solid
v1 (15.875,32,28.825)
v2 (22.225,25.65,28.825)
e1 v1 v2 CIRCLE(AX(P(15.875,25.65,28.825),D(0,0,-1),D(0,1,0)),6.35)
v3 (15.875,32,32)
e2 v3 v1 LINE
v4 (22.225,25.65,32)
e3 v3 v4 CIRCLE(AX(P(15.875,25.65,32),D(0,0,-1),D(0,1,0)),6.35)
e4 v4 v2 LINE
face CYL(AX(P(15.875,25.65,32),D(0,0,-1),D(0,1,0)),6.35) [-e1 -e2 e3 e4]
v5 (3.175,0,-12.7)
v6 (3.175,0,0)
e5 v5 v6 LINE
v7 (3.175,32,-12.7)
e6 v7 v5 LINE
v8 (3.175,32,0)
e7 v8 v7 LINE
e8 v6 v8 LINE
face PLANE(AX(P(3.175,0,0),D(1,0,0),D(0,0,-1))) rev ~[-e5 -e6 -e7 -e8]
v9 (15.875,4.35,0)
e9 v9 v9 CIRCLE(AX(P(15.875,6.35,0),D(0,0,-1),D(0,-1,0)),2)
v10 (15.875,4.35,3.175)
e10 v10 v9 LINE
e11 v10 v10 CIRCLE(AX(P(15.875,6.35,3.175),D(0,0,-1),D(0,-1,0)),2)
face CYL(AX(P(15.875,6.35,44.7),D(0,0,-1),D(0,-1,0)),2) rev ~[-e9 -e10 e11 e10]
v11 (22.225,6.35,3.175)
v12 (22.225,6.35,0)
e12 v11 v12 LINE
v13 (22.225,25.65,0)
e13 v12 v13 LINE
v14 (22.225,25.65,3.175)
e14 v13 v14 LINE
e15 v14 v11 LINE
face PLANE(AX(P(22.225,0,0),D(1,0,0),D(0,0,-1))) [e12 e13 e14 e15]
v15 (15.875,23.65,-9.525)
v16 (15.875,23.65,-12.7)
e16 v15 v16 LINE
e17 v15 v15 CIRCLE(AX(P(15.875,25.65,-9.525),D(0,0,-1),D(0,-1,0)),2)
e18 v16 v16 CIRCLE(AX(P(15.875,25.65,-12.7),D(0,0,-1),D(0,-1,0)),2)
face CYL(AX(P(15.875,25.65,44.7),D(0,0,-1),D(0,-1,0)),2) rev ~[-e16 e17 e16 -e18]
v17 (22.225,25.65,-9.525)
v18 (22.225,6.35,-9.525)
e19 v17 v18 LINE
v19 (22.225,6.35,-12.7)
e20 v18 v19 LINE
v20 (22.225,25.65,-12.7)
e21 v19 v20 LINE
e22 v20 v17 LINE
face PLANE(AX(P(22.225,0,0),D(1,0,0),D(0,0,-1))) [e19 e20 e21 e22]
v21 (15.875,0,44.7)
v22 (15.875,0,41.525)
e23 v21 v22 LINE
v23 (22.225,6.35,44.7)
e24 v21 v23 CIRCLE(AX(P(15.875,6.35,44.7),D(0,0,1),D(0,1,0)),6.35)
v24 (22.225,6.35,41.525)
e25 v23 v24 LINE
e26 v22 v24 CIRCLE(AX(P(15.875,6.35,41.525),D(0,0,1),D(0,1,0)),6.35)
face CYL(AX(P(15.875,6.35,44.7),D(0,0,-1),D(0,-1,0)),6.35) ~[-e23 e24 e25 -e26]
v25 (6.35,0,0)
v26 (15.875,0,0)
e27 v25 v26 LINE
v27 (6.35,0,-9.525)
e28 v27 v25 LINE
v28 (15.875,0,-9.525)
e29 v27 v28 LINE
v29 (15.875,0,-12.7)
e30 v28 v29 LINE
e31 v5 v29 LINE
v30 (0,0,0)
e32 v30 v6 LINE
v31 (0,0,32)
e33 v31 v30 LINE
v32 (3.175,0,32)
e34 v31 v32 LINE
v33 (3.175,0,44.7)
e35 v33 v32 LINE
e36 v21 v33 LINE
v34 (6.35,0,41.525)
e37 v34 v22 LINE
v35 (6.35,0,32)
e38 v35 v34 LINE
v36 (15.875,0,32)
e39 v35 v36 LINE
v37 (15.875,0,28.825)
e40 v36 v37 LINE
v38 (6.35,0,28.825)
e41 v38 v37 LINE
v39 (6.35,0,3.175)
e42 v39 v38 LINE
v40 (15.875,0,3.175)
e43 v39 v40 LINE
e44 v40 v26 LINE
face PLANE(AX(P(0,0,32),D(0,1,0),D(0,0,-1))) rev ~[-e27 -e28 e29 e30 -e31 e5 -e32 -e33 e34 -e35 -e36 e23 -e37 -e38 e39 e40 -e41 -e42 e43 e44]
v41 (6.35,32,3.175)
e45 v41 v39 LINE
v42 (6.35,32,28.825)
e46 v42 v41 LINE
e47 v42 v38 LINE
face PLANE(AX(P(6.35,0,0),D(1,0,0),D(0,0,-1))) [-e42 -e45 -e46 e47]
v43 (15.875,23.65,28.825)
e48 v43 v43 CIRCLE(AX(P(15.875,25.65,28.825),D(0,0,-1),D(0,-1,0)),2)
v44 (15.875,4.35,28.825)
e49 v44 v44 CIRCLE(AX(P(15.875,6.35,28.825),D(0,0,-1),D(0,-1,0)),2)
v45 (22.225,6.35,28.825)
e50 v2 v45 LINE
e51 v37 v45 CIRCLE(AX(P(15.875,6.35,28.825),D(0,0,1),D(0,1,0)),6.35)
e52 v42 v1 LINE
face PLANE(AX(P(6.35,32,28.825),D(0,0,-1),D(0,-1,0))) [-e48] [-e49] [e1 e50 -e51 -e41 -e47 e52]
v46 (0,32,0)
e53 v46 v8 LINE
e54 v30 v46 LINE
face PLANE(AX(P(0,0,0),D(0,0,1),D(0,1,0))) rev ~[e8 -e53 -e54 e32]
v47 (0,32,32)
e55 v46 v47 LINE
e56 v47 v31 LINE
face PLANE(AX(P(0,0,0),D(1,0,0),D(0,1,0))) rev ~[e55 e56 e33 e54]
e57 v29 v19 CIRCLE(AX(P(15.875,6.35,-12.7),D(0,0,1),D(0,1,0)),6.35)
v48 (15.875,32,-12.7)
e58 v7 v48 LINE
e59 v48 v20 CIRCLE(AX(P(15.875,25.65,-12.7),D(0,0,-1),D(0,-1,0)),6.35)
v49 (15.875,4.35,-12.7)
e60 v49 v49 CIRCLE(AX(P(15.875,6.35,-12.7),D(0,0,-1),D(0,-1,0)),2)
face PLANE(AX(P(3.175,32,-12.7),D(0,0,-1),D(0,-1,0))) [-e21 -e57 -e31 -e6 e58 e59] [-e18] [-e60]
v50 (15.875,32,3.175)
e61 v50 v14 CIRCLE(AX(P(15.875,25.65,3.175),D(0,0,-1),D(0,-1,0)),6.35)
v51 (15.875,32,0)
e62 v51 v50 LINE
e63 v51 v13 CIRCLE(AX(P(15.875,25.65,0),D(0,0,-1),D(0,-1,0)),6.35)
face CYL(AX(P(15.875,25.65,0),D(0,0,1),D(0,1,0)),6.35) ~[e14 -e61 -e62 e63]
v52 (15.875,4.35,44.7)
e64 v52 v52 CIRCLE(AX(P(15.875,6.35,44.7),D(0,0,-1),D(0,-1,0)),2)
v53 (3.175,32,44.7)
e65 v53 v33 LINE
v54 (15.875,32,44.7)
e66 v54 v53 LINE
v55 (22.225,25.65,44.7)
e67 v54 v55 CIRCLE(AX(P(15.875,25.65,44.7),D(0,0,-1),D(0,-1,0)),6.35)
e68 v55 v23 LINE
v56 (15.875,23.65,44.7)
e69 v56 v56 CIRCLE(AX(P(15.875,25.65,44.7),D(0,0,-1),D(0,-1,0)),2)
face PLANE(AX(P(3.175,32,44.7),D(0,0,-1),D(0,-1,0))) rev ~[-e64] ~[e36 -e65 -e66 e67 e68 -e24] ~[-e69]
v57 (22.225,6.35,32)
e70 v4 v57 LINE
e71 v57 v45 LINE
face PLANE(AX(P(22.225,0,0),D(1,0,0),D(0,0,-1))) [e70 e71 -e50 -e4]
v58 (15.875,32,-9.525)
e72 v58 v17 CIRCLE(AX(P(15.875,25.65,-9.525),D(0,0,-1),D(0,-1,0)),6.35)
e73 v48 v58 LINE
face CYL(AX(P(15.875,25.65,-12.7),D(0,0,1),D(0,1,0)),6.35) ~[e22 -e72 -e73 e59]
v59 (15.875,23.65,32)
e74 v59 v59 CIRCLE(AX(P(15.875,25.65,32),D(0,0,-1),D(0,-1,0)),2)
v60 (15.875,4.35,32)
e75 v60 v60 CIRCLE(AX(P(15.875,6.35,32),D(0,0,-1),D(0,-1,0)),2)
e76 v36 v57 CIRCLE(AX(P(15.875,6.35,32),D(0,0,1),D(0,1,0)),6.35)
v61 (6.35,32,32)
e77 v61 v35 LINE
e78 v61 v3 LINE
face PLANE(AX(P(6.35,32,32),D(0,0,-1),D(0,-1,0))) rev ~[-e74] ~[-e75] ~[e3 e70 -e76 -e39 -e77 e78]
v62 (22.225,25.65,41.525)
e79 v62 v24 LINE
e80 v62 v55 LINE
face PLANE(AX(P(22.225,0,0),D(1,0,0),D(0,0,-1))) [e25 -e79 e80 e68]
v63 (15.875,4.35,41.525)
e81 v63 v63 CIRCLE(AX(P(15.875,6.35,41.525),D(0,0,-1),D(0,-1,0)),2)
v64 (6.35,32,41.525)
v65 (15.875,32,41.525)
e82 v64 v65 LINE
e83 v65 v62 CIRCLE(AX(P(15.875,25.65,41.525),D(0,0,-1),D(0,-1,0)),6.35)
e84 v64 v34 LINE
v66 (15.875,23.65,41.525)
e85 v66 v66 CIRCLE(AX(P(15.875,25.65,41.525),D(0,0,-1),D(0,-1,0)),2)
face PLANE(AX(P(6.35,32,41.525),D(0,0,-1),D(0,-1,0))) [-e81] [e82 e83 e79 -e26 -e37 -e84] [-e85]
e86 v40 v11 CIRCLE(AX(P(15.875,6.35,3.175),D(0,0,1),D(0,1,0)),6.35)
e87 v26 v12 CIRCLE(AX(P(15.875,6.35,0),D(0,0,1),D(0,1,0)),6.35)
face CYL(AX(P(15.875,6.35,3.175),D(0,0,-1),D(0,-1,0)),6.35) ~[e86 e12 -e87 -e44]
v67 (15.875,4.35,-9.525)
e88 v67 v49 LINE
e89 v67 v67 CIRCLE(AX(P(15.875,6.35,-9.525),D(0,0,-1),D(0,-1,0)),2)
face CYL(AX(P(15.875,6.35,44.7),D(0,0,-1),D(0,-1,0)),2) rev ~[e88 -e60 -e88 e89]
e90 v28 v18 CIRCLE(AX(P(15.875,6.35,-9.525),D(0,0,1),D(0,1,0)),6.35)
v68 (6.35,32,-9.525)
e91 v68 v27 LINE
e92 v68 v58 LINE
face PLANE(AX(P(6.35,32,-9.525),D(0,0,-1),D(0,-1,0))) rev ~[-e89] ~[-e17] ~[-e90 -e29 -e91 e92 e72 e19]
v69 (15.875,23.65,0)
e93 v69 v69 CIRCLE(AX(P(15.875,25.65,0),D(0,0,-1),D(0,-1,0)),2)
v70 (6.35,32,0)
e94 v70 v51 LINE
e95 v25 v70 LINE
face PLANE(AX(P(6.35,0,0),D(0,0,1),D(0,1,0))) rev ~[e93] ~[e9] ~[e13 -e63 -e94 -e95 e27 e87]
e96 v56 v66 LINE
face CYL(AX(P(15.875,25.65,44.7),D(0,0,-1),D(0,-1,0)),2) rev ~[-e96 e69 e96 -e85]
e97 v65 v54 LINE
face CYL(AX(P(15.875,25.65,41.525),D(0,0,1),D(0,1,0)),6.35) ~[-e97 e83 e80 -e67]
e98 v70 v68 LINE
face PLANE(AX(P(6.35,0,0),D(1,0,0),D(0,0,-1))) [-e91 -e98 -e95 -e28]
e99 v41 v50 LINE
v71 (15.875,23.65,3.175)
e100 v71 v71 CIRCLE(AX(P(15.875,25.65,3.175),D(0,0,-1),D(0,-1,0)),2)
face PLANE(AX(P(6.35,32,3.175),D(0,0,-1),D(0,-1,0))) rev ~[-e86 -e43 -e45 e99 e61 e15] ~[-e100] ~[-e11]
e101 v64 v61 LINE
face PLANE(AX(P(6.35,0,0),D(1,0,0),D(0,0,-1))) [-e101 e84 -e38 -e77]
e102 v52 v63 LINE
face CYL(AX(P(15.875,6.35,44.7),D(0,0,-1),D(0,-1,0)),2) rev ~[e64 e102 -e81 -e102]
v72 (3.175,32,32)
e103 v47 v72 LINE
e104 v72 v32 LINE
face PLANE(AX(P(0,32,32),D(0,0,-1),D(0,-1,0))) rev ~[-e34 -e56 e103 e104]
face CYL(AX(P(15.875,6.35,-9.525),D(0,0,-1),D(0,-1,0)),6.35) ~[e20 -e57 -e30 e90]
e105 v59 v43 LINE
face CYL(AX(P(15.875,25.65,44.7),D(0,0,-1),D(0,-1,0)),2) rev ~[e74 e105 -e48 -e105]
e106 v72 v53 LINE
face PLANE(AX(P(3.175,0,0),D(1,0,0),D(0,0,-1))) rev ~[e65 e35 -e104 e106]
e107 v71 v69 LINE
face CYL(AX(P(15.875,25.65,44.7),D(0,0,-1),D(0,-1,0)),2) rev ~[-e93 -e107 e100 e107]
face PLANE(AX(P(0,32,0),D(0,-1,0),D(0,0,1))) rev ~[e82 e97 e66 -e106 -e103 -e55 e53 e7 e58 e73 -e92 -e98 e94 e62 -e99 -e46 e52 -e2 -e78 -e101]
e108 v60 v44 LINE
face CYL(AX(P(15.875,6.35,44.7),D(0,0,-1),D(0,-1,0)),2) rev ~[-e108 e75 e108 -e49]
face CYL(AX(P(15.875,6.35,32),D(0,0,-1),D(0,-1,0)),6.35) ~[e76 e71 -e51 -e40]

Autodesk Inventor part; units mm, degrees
ref_plane "YZ Plane" through (0, 0, 0) normal (1, 0, 0) x (0, 1, 0)
ref_plane "XZ Plane" through (0, 0, 0) normal (0, 1, 0) x (-1, 0, 0)
ref_plane "XY Plane" through (0, 0, 0) normal (0, 0, 1) x (1, 0, 0)
sketch "Sketch1" plane through (0, 0, 0) normal (1, 0, 0) x (0, 1, 0)
  line L0 (0, 0) -> (32, 0)
  line L1 (32, 0) -> (32, 32)
  line L2 (32, 32) -> (0, 32)
  line L3 (0, 32) -> (0, 0)
  dimension "d0" = 32
  dimension "d1" = 32
extrude "Extrusion1" add sketch "Sketch1" along normal blind 3.175
sketch "Sketch2" plane through (3.175, 0, 0) normal (1, 0, 0) x (0, 0, -1)
  line L0 (0, 32) -> (-32, 32) projected
  line L1 (-32, 0) -> (0, 0) projected
  line L2 (-32, 32) -> (-44.7, 32)
  line L3 (-44.7, 32) -> (-44.7, 0)
  line L4 (-44.7, 0) -> (-32, 0)
  line L5 (0, 32) -> (12.7, 32)
  line L6 (12.7, 32) -> (12.7, 0)
  line L7 (12.7, 0) -> (0, 0)
  dimension "d4" = 12.7
  dimension "d5" = 90
  dimension "d6" = 12.7
extrude "Extrusion2" add sketch "Sketch2" along normal blind 3.175
sketch "Sketch3" plane through (6.35, 0, 0) normal (1, 0, 0) x (0, 0, -1)
  line L0 (-32, 32) -> (-32, 0) projected
  line L1 (0, 0) -> (0, 32) projected
  line L2 (12.7, 0) -> (12.7, 32) projected
  line L3 (-44.7, 32) -> (-44.7, 0) projected
  line L4 (-32, 32) -> (-44.7, 32) projected
  line L5 (-44.7, 0) -> (-32, 0) projected
  line L6 (-44.7, 32) -> (-41.525, 32)
  line L7 (-41.525, 32) -> (-41.525, 0)
  line L8 (-41.525, 0) -> (-44.7, 0)
  line L9 (-44.7, 0) -> (-44.7, 32)
  line L10 (-32, 0) -> (0, 0) projected
  line L11 (-32, 32) -> (-28.825, 32)
  line L12 (-28.825, 32) -> (-28.825, 0)
  line L13 (-28.825, 0) -> (-32, 0)
  line L14 (-32, 0) -> (-32, 32)
  line L15 (0, 32) -> (-32, 32) projected
  line L16 (0, 32) -> (-3.175, 32)
  line L17 (-3.175, 32) -> (-3.175, 0)
  line L18 (-3.175, 0) -> (0, 0)
  line L19 (0, 0) -> (0, 32)
  line L20 (0, 0) -> (12.7, 0) projected
  line L21 (12.7, 32) -> (9.525, 32)
  line L22 (9.525, 32) -> (9.525, 0)
  line L23 (9.525, 0) -> (12.7, 0)
  line L24 (12.7, 0) -> (12.7, 32)
  dimension "d9" = 3.175
  dimension "d10" = 3.175
  dimension "d11" = 3.175
  dimension "d12" = 3.175
extrude "Extrusion3" add sketch "Sketch3" along normal blind 15.875 contours L11 L12 L10 L0 | L22 L21 L2 L20 | L7 L5 L3 L4 | L15 L1 L10 L17
fillet "Fillet1" radius 6.35 8 edges at (22.225, 32, 43.1125) (22.225, 32, 30.4125) (22.225, 0, 43.1125) (22.225, 0, 30.4125) (22.225, 0, 1.5875) (22.225, 32, 1.5875) (22.225, 32, -11.1125) (22.225, 0, -11.1125)
sketch "Sketch4" plane through (3.175, 0, 44.7) normal (0, 0, 1) x (1, 0, 0)
  arc A0 (19.05, 25.65) -> (12.7, 32) centre (12.7, 25.65) ccw projected
  arc A1 (12.7, 0) -> (19.05, 6.35) centre (12.7, 6.35) ccw projected
  point P0 (-3.175, 0)
hole "Hole1" at (15.875, 25.65, 44.7) at (15.875, 6.35, 44.7) direction (0, 0, -1) diameter 4 end through all
properties part number "pully mount"
